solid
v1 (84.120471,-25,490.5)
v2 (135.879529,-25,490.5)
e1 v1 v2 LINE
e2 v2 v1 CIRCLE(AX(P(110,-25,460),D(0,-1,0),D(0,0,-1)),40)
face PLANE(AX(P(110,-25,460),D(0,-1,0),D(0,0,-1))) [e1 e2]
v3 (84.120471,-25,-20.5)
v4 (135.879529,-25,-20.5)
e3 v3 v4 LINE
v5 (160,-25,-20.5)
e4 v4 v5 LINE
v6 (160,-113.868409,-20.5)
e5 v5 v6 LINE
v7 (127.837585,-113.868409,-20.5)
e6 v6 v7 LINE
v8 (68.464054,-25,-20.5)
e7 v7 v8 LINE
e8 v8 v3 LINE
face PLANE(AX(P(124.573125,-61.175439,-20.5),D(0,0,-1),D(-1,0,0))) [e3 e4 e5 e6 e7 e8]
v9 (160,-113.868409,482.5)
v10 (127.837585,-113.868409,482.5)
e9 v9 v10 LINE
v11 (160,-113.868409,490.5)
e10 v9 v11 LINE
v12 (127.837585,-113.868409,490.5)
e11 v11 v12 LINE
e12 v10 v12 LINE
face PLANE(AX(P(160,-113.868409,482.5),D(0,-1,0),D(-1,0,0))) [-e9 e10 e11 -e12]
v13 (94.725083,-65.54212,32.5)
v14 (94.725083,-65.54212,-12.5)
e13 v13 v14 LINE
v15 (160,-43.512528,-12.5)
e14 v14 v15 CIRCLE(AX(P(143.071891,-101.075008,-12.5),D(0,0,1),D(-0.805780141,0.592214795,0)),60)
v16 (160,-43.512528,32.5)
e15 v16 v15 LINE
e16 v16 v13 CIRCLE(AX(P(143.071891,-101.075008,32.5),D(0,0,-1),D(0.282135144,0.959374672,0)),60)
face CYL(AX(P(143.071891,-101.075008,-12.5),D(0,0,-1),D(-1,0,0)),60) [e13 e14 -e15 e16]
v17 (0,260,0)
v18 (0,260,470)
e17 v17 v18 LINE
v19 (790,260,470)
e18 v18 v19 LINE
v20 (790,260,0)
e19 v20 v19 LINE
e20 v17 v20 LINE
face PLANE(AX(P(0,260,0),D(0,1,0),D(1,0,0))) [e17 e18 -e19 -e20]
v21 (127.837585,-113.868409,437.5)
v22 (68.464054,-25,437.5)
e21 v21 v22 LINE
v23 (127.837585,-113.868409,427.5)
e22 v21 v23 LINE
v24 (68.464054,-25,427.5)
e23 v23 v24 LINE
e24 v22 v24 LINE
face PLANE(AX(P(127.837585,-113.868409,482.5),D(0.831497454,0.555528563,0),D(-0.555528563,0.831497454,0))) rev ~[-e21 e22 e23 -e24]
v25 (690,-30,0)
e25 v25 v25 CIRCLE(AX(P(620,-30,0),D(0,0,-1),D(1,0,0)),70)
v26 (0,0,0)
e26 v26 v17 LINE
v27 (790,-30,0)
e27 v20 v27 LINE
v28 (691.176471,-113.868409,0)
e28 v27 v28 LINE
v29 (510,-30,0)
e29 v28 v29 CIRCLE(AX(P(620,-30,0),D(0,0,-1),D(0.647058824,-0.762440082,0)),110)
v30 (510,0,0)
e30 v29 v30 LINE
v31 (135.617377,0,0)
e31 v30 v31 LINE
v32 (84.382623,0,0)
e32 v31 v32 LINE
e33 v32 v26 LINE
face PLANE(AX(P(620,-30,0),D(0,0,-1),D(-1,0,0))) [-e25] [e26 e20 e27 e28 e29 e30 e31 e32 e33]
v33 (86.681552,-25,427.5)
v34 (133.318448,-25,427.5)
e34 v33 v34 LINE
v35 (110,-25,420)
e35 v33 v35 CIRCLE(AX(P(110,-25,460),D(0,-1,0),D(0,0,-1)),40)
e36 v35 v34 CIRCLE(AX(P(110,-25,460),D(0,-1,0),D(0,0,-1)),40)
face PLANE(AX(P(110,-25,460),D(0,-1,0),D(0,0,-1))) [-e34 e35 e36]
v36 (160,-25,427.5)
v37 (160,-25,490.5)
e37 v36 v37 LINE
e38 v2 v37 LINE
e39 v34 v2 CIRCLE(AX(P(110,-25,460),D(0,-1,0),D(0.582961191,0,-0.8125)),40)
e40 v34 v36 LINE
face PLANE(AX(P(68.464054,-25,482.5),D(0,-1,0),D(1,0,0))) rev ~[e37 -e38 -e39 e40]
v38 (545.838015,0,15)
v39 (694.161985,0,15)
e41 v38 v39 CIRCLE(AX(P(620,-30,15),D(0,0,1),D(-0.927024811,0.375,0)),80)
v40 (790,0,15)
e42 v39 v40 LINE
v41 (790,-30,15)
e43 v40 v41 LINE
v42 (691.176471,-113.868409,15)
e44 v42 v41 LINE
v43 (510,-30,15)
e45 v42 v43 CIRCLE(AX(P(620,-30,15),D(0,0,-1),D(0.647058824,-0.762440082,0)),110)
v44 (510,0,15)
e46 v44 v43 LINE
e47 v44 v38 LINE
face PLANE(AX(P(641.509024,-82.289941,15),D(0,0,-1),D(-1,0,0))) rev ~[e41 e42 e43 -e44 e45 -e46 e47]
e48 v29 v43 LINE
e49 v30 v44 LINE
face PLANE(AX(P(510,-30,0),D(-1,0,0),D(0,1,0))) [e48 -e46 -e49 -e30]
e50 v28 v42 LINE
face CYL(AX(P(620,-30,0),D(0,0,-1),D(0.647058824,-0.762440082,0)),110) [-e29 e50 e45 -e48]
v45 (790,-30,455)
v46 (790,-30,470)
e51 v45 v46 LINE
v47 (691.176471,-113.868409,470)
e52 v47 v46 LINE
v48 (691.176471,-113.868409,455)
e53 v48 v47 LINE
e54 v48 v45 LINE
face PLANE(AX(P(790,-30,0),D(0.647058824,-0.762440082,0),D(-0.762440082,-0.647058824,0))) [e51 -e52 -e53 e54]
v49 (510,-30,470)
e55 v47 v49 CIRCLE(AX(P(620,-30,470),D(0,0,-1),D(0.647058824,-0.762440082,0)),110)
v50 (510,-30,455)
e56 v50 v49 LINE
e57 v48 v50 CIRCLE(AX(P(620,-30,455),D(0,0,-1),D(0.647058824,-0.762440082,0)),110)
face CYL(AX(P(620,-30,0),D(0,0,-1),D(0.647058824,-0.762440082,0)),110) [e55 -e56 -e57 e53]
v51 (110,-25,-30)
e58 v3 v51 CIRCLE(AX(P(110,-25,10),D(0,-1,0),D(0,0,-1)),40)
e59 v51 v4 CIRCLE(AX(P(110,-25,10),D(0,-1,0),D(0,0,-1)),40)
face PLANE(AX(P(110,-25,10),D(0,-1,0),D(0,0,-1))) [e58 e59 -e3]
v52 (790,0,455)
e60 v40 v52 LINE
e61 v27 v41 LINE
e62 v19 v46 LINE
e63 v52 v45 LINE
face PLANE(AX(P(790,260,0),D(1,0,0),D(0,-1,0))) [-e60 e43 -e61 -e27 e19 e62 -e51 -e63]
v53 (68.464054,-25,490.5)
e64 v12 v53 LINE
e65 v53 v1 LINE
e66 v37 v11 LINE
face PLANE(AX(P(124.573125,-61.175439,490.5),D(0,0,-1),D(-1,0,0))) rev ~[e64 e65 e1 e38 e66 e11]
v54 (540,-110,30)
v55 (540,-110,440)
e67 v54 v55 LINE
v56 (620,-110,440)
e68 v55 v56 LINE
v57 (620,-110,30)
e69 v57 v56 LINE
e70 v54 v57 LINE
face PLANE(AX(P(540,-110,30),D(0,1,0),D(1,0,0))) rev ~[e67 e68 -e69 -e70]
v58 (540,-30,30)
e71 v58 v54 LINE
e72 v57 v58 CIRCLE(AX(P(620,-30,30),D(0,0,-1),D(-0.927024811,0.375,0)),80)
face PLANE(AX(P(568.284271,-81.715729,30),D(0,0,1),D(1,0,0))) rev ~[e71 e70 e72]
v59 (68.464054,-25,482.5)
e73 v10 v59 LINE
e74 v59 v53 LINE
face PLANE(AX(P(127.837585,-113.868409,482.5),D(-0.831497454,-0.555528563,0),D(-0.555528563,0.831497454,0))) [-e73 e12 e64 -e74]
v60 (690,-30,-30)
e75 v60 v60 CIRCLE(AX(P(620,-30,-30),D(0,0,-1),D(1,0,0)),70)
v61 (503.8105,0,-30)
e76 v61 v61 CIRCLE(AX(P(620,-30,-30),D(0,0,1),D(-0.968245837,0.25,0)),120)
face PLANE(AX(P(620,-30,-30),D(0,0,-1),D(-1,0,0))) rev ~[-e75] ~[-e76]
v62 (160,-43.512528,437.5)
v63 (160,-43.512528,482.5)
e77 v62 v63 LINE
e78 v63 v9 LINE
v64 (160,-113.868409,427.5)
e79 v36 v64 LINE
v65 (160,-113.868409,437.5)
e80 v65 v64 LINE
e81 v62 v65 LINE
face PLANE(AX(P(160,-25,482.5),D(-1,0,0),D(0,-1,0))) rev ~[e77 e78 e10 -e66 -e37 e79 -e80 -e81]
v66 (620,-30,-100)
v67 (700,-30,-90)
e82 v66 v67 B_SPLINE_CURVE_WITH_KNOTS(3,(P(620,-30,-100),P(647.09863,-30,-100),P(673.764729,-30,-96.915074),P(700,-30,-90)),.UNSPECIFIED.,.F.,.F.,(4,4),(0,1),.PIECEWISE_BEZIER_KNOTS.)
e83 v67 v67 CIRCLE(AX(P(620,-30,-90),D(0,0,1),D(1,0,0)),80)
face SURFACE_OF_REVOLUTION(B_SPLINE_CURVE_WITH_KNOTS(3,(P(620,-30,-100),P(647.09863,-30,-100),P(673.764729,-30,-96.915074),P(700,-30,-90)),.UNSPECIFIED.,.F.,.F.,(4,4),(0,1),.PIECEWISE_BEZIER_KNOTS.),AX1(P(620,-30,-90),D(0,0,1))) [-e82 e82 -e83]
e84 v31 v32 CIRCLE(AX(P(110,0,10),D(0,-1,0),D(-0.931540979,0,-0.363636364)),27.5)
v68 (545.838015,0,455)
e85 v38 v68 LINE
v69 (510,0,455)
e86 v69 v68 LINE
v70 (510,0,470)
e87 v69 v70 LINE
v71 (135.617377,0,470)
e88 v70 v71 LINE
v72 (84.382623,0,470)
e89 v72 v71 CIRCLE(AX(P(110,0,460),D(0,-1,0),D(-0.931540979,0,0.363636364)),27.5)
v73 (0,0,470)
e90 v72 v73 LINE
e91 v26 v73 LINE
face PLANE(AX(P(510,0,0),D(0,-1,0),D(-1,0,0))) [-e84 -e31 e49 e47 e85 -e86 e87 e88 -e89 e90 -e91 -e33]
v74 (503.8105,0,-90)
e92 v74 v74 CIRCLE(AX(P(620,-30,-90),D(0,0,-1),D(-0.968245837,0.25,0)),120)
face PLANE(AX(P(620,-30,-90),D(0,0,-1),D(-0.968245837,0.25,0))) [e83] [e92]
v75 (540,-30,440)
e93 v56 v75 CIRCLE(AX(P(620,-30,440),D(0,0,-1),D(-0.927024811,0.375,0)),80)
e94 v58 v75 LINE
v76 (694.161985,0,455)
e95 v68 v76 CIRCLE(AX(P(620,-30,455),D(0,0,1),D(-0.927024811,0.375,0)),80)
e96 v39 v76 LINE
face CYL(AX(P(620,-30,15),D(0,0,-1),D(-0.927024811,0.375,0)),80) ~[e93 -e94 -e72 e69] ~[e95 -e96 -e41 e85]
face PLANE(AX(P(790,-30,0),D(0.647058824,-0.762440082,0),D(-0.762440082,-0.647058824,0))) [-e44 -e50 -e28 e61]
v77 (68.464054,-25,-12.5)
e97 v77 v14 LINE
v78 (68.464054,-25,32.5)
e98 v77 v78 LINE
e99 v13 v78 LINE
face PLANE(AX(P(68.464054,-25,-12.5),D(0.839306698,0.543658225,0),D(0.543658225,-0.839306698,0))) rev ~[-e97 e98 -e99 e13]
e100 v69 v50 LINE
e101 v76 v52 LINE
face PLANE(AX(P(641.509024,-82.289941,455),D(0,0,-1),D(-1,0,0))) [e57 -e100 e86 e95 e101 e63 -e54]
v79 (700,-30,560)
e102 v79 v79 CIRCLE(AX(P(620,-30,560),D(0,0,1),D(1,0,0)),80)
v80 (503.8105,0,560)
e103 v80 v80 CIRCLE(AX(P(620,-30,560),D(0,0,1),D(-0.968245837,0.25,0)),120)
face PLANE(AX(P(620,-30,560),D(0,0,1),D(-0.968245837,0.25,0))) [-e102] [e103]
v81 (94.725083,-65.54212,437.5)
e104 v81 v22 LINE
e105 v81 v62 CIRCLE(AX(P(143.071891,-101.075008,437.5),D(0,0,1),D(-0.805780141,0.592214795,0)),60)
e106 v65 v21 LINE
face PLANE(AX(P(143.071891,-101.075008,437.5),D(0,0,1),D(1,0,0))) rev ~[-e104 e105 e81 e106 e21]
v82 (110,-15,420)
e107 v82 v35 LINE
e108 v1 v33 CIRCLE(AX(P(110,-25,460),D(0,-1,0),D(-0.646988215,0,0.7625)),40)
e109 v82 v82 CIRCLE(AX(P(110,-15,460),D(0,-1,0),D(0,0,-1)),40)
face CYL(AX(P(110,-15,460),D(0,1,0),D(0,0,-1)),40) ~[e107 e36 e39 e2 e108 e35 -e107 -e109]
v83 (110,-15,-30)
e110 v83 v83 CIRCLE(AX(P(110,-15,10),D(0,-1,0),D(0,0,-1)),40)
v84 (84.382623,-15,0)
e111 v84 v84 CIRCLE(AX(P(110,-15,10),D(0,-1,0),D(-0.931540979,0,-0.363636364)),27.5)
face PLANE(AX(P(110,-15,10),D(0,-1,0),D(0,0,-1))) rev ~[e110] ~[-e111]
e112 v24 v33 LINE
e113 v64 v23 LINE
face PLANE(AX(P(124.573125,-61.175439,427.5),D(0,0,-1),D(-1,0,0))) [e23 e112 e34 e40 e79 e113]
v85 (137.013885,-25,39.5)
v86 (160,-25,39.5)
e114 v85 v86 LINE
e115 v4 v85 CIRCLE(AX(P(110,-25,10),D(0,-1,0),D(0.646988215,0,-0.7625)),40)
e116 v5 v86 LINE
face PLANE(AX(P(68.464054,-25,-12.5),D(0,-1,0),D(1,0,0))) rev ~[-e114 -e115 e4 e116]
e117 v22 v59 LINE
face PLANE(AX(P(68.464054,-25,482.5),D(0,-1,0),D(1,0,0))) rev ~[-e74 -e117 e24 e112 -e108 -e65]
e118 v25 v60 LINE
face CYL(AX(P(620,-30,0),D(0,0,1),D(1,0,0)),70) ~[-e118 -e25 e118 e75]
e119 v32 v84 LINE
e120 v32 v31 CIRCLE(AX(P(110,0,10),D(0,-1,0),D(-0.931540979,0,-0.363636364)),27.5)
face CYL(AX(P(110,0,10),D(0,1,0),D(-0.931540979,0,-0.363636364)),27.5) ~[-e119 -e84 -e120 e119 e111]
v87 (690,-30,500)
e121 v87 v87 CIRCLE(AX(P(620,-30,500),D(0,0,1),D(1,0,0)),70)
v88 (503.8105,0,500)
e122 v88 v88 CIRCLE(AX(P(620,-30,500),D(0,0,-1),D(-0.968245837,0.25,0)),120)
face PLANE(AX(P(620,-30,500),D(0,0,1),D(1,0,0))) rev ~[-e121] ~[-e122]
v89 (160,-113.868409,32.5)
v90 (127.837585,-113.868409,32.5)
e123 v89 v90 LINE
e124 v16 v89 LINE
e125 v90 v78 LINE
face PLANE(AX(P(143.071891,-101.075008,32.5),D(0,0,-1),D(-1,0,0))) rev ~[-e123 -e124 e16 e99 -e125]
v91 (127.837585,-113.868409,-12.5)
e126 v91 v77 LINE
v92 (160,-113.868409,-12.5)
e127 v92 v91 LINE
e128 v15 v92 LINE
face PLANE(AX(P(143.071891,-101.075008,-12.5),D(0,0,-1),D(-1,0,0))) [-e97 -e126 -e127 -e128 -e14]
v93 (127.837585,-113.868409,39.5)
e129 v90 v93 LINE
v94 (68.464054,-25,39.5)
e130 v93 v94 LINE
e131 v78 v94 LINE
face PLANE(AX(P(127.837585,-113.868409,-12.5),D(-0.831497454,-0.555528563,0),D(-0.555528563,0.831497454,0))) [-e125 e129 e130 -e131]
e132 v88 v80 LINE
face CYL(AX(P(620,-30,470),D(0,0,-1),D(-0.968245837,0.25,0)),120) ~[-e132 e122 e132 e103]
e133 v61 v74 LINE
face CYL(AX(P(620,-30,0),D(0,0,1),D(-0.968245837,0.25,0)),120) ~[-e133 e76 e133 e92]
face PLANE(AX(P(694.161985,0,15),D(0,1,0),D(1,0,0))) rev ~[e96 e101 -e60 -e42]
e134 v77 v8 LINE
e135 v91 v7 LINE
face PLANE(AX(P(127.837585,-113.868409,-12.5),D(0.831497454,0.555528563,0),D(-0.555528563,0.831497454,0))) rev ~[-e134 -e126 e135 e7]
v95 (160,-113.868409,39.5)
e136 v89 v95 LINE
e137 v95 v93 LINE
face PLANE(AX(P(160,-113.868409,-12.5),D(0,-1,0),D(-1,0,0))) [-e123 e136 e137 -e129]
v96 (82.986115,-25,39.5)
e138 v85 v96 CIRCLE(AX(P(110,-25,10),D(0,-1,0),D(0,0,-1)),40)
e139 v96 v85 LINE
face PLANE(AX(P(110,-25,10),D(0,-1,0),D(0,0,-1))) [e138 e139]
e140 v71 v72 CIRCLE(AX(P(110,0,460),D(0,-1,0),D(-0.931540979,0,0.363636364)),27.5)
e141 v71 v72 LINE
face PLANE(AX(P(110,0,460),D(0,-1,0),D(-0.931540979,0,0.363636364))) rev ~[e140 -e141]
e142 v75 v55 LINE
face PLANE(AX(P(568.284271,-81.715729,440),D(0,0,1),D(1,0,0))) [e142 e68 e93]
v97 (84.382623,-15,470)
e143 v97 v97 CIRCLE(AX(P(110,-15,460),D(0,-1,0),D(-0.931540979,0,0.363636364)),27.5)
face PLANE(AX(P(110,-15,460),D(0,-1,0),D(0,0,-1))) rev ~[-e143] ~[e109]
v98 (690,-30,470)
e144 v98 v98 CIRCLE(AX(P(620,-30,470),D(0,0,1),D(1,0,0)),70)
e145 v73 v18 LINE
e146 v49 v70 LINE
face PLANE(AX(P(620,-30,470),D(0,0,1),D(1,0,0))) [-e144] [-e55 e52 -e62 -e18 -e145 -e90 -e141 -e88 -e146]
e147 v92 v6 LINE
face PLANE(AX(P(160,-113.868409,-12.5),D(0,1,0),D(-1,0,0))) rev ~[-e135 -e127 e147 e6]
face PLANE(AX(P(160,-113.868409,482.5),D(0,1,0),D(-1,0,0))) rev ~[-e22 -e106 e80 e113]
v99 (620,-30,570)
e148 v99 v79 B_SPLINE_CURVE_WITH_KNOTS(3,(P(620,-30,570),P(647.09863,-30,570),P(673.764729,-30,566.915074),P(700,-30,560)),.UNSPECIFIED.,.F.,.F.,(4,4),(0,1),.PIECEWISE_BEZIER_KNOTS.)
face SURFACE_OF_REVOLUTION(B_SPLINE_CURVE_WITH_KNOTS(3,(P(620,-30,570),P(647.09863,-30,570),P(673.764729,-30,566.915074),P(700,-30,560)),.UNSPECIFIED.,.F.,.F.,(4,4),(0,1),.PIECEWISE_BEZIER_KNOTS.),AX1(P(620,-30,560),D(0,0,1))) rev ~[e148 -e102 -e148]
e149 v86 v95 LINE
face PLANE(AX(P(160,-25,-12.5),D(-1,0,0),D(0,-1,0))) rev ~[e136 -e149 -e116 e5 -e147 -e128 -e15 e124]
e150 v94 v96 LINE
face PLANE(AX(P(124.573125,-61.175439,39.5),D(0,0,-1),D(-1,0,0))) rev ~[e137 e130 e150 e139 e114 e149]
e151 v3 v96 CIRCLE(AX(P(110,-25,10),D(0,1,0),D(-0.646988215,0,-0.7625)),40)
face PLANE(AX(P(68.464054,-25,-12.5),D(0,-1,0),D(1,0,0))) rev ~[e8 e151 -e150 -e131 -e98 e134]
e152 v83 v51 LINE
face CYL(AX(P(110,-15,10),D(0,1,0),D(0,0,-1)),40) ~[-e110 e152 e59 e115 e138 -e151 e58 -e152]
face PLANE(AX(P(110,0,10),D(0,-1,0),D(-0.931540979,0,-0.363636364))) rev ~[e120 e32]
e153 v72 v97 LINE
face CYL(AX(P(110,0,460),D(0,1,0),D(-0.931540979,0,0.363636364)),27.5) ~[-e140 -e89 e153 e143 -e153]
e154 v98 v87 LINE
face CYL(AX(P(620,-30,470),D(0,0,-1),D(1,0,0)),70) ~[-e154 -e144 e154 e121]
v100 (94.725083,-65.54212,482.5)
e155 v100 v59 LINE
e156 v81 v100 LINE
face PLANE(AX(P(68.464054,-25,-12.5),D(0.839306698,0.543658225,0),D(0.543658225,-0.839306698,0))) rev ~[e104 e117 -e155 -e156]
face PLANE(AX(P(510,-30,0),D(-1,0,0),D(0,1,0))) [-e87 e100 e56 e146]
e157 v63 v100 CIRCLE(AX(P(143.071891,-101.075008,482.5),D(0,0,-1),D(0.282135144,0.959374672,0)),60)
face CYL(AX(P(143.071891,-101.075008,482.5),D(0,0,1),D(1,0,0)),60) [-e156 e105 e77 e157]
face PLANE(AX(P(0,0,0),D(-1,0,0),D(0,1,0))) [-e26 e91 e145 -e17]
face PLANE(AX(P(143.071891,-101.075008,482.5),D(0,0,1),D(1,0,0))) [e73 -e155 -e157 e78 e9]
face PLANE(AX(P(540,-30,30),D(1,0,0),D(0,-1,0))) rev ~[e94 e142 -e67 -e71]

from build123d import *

# Parameters (mm, degrees)
BASE_EXTRUDE_DEPTH        = 470
CUT_EXTRUDE1_DEPTH        = 440
BOSS_EXTRUDE1_DEPTH       = 410
SKETCH6_R                 = 120
BOSS_EXTRUDE2_DEPTH       = 90
SKETCH7_R                 = 120
BOSS_EXTRUDE3_DEPTH       = 90
SKETCH8_R                 = 136.536471951
SKETCH8_R_2               = 70
CUT_EXTRUDE5_DEPTH        = 30
SKETCH9_R                 = 134.51242902
SKETCH9_R_2               = 70
CUT_EXTRUDE6_DEPTH        = 30
SKETCH11_R                = 27.5
BOSS_EXTRUDE4_DEPTH       = 15
SKETCH12_R                = 27.5
BOSS_EXTRUDE5_DEPTH       = 15
SKETCH13_R                = 40
BOSS_EXTRUDE6_DEPTH       = 10
SKETCH14_R                = 40
BOSS_EXTRUDE7_DEPTH       = 10
SKETCH15_W                = 100
SKETCH15_H                = 45
BOSS_EXTRUDE8_DEPTH       = 210
SKETCH16_W                = 100
SKETCH16_H                = 45
BOSS_EXTRUDE9_DEPTH       = 191.927006629
CUT_EXTRUDE8_DEPTH        = 573.5
SKETCH19_R                = 60
BOSS_EXTRUDE10_DEPTH      = 45
SKETCH20_R                = 60
BOSS_EXTRUDE11_DEPTH      = 45
BOSS_EXTRUDE12_DEPTH      = 8
BOSS_EXTRUDE12_DEPTH_BACK = 55
BOSS_EXTRUDE13_DEPTH      = 8
BOSS_EXTRUDE13_DEPTH_BACK = 52


with BuildPart() as part:
    # Sketch1 → Base-Extrude (new body)
    with BuildSketch(Plane.XY):
        with BuildLine():
            Line((0, 0), (0, 260))
            Line((0, 260), (790, 260))
            Line((790, 260), (790, -30))
            Line((790, -30), (691.176470588, -113.868409038))
            ThreePointArc((691.176470588, -113.868409038), (573.790757227, -129.823373427), (510, -30))
            Line((510, -30), (510, 0))
            Line((510, 0), (0, 0))
        make_face()
    extrude(amount=BASE_EXTRUDE_DEPTH)

    # Sketch2 → Cut-Extrude1 (cut)
    with BuildSketch(Plane.XY.offset(15)):
        with BuildLine():
            Line((500, 0), (545.838015129, 0))
            ThreePointArc((545.838015129, 0), (620, -110), (694.161984871, 0))
            Line((694.161984871, 0), (790, 0))
            Line((790, 0), (790, -150))
            Line((790, -150), (500, -150))
            Line((500, -150), (500, 0))
        make_face()
    extrude(amount=CUT_EXTRUDE1_DEPTH, mode=Mode.SUBTRACT)

    # Sketch3 → Boss-Extrude1 (add)
    with BuildSketch(Plane.XY.offset(30)):
        Polygon((540, -30), (540, -105.498344353), (540, -110), (620, -110), align=None)
    extrude(amount=BOSS_EXTRUDE1_DEPTH)

    # Sketch6 → Boss-Extrude2 (add)
    with BuildSketch(Plane.XY.offset(470)):
        with Locations(Location((620, -30, 0), (0, 0, 165.522487814))):  # turned: the seam where the file's is
            Circle(SKETCH6_R)
    extrude(amount=BOSS_EXTRUDE2_DEPTH)

    # Sketch7 → Boss-Extrude3 (add)
    with BuildSketch(Plane(origin=(0, 0, 0), x_dir=(-1, 0, 0), z_dir=(0, 0, -1))):
        with Locations(Location((-620, -30, 0), (0, 0, 14.477512186))):  # turned: the seam where the file's is
            Circle(SKETCH7_R)
    extrude(amount=BOSS_EXTRUDE3_DEPTH)

    # Sketch8 → Cut-Extrude5 (cut)
    with BuildSketch(Plane.XY.offset(470)):
        with Locations((620, -30)):
            Circle(SKETCH8_R)
        with Locations((620, -30)):
            Circle(SKETCH8_R_2, mode=Mode.SUBTRACT)
    extrude(amount=CUT_EXTRUDE5_DEPTH, mode=Mode.SUBTRACT)

    # Sketch9 → Cut-Extrude6 (cut)
    with BuildSketch(Plane(origin=(0, 0, 0), x_dir=(-1, 0, 0), z_dir=(0, 0, -1))):
        with Locations((-620, -30)):
            Circle(SKETCH9_R)
        with Locations(Location((-620, -30, 0), (0, 0, 180))):  # turned: the seam where the file's is
            Circle(SKETCH9_R_2, mode=Mode.SUBTRACT)
    extrude(amount=CUT_EXTRUDE6_DEPTH, mode=Mode.SUBTRACT)

    # Sketch11 → Boss-Extrude4 (add)
    with BuildSketch(Plane.XZ):
        with Locations(Location((110, 460, 0), (0, 0, 158.676313737))):  # turned: the seam where the file's is
            Circle(SKETCH11_R)
    extrude(amount=BOSS_EXTRUDE4_DEPTH)

    # Sketch12 → Boss-Extrude5 (add)
    with BuildSketch(Plane.XZ):
        with Locations(Location((110, 10, 0), (0, 0, 201.323686263))):  # turned: the seam where the file's is
            Circle(SKETCH12_R)
    extrude(amount=BOSS_EXTRUDE5_DEPTH)

    # Sketch13 → Boss-Extrude6 (add)
    with BuildSketch(Plane.XZ.offset(15)):
        with Locations(Location((110, 460, 0), (0, 0, 270))):  # turned: the seam where the file's is
            Circle(SKETCH13_R)
    extrude(amount=BOSS_EXTRUDE6_DEPTH)

    # Sketch14 → Boss-Extrude7 (add)
    with BuildSketch(Plane.XZ.offset(15)):
        with Locations(Location((110, 10, 0), (0, 0, 270))):  # turned: the seam where the file's is
            Circle(SKETCH14_R)
    extrude(amount=BOSS_EXTRUDE7_DEPTH)

    # Sketch15 → Boss-Extrude8 (add)
    with BuildSketch(Plane.XZ.offset(25)):
        with Locations((110, 10)):
            Rectangle(SKETCH15_W, SKETCH15_H)
    extrude(amount=BOSS_EXTRUDE8_DEPTH)

    # Sketch16 → Boss-Extrude9 (add)
    with BuildSketch(Plane.XZ.offset(25)):
        with Locations((110, 460)):
            Rectangle(SKETCH16_W, SKETCH16_H)
    extrude(amount=BOSS_EXTRUDE9_DEPTH)

    # Sketch17 → Cut-Extrude8 (cut, through all)
    with BuildSketch(Plane(origin=(0, 0, -12.5), x_dir=(-1, 0, 0), z_dir=(0, 0, -1))):
        Polygon((-68.464054306, -25), (-130, -120), (-160, -120), (-160, -140), (-180, -140), (-180, -240), (-48.040661319, -240), (-48.040661319, -25), align=None)
    extrude(amount=-CUT_EXTRUDE8_DEPTH, mode=Mode.SUBTRACT)

    # Sketch19 → Boss-Extrude10 (add)
    with BuildSketch(Plane(origin=(0, 0, -12.5), x_dir=(-1, 0, 0), z_dir=(0, 0, -1))):
        with Locations((-143.071891388, -101.075008075)):
            Circle(SKETCH19_R)
    extrude(amount=-BOSS_EXTRUDE10_DEPTH)

    # Sketch20 → Boss-Extrude11 (add)
    with BuildSketch(Plane.XY.offset(482.5)):
        with Locations((143.071891388, -101.075008075)):
            Circle(SKETCH20_R)
    extrude(amount=-BOSS_EXTRUDE11_DEPTH)

    # Sketch21 → Boss-Extrude12 (add, two sides)
    with BuildSketch(Plane.XY.offset(482.5)) as boss_extrude12_sk:
        Polygon((160, -25), (160, -113.868409038), (127.837584953, -113.868409038), (68.464054306, -25), align=None)
    extrude(amount=BOSS_EXTRUDE12_DEPTH)
    extrude(boss_extrude12_sk.sketch, amount=-BOSS_EXTRUDE12_DEPTH_BACK)

    # Sketch22 → Boss-Extrude13 (add, two sides)
    with BuildSketch(Plane(origin=(0, 0, -12.5), x_dir=(-1, 0, 0), z_dir=(0, 0, -1))) as boss_extrude13_sk:
        Polygon((-160, -25), (-160, -110), (-160, -113.868409038), (-127.837584953, -113.868409038), (-68.464054306, -25), align=None)
    extrude(amount=BOSS_EXTRUDE13_DEPTH)
    extrude(boss_extrude13_sk.sketch, amount=-BOSS_EXTRUDE13_DEPTH_BACK)

    # Sketch23 → Revolve1 (revolve)
    with BuildSketch(Plane(origin=(620, 0, 0), x_dir=(0, 0, -1), z_dir=(-1, 0, 0)), mode=Mode.PRIVATE) as revolve1_sk:
        with BuildLine():
            Line((-560, 30), (-570, 30))
            add(Edge.make_bspline(
                [(-570, 30), (-570, 2.901370053), (-566.915073502, -23.764728538), (-560, -50)],
                knots=[0, 0, 0, 0, 1, 1, 1, 1], degree=3))
            Line((-560, -50), (-560, 30))
        make_face()
    revolve1 = revolve(revolve1_sk.sketch.rotate(Axis((620, -30, 560), (0, 0, 1)), 270), axis=Axis((620, -30, 560), (0, 0, 1)))  # turned: the seam where the file's is

    # Mirror1: Revolve1 across plane
    add(revolve1.mirror(Plane(origin=(0, 0, 235), x_dir=(1, 0, 0), z_dir=(0, 0, -1))))


solid = part.part
